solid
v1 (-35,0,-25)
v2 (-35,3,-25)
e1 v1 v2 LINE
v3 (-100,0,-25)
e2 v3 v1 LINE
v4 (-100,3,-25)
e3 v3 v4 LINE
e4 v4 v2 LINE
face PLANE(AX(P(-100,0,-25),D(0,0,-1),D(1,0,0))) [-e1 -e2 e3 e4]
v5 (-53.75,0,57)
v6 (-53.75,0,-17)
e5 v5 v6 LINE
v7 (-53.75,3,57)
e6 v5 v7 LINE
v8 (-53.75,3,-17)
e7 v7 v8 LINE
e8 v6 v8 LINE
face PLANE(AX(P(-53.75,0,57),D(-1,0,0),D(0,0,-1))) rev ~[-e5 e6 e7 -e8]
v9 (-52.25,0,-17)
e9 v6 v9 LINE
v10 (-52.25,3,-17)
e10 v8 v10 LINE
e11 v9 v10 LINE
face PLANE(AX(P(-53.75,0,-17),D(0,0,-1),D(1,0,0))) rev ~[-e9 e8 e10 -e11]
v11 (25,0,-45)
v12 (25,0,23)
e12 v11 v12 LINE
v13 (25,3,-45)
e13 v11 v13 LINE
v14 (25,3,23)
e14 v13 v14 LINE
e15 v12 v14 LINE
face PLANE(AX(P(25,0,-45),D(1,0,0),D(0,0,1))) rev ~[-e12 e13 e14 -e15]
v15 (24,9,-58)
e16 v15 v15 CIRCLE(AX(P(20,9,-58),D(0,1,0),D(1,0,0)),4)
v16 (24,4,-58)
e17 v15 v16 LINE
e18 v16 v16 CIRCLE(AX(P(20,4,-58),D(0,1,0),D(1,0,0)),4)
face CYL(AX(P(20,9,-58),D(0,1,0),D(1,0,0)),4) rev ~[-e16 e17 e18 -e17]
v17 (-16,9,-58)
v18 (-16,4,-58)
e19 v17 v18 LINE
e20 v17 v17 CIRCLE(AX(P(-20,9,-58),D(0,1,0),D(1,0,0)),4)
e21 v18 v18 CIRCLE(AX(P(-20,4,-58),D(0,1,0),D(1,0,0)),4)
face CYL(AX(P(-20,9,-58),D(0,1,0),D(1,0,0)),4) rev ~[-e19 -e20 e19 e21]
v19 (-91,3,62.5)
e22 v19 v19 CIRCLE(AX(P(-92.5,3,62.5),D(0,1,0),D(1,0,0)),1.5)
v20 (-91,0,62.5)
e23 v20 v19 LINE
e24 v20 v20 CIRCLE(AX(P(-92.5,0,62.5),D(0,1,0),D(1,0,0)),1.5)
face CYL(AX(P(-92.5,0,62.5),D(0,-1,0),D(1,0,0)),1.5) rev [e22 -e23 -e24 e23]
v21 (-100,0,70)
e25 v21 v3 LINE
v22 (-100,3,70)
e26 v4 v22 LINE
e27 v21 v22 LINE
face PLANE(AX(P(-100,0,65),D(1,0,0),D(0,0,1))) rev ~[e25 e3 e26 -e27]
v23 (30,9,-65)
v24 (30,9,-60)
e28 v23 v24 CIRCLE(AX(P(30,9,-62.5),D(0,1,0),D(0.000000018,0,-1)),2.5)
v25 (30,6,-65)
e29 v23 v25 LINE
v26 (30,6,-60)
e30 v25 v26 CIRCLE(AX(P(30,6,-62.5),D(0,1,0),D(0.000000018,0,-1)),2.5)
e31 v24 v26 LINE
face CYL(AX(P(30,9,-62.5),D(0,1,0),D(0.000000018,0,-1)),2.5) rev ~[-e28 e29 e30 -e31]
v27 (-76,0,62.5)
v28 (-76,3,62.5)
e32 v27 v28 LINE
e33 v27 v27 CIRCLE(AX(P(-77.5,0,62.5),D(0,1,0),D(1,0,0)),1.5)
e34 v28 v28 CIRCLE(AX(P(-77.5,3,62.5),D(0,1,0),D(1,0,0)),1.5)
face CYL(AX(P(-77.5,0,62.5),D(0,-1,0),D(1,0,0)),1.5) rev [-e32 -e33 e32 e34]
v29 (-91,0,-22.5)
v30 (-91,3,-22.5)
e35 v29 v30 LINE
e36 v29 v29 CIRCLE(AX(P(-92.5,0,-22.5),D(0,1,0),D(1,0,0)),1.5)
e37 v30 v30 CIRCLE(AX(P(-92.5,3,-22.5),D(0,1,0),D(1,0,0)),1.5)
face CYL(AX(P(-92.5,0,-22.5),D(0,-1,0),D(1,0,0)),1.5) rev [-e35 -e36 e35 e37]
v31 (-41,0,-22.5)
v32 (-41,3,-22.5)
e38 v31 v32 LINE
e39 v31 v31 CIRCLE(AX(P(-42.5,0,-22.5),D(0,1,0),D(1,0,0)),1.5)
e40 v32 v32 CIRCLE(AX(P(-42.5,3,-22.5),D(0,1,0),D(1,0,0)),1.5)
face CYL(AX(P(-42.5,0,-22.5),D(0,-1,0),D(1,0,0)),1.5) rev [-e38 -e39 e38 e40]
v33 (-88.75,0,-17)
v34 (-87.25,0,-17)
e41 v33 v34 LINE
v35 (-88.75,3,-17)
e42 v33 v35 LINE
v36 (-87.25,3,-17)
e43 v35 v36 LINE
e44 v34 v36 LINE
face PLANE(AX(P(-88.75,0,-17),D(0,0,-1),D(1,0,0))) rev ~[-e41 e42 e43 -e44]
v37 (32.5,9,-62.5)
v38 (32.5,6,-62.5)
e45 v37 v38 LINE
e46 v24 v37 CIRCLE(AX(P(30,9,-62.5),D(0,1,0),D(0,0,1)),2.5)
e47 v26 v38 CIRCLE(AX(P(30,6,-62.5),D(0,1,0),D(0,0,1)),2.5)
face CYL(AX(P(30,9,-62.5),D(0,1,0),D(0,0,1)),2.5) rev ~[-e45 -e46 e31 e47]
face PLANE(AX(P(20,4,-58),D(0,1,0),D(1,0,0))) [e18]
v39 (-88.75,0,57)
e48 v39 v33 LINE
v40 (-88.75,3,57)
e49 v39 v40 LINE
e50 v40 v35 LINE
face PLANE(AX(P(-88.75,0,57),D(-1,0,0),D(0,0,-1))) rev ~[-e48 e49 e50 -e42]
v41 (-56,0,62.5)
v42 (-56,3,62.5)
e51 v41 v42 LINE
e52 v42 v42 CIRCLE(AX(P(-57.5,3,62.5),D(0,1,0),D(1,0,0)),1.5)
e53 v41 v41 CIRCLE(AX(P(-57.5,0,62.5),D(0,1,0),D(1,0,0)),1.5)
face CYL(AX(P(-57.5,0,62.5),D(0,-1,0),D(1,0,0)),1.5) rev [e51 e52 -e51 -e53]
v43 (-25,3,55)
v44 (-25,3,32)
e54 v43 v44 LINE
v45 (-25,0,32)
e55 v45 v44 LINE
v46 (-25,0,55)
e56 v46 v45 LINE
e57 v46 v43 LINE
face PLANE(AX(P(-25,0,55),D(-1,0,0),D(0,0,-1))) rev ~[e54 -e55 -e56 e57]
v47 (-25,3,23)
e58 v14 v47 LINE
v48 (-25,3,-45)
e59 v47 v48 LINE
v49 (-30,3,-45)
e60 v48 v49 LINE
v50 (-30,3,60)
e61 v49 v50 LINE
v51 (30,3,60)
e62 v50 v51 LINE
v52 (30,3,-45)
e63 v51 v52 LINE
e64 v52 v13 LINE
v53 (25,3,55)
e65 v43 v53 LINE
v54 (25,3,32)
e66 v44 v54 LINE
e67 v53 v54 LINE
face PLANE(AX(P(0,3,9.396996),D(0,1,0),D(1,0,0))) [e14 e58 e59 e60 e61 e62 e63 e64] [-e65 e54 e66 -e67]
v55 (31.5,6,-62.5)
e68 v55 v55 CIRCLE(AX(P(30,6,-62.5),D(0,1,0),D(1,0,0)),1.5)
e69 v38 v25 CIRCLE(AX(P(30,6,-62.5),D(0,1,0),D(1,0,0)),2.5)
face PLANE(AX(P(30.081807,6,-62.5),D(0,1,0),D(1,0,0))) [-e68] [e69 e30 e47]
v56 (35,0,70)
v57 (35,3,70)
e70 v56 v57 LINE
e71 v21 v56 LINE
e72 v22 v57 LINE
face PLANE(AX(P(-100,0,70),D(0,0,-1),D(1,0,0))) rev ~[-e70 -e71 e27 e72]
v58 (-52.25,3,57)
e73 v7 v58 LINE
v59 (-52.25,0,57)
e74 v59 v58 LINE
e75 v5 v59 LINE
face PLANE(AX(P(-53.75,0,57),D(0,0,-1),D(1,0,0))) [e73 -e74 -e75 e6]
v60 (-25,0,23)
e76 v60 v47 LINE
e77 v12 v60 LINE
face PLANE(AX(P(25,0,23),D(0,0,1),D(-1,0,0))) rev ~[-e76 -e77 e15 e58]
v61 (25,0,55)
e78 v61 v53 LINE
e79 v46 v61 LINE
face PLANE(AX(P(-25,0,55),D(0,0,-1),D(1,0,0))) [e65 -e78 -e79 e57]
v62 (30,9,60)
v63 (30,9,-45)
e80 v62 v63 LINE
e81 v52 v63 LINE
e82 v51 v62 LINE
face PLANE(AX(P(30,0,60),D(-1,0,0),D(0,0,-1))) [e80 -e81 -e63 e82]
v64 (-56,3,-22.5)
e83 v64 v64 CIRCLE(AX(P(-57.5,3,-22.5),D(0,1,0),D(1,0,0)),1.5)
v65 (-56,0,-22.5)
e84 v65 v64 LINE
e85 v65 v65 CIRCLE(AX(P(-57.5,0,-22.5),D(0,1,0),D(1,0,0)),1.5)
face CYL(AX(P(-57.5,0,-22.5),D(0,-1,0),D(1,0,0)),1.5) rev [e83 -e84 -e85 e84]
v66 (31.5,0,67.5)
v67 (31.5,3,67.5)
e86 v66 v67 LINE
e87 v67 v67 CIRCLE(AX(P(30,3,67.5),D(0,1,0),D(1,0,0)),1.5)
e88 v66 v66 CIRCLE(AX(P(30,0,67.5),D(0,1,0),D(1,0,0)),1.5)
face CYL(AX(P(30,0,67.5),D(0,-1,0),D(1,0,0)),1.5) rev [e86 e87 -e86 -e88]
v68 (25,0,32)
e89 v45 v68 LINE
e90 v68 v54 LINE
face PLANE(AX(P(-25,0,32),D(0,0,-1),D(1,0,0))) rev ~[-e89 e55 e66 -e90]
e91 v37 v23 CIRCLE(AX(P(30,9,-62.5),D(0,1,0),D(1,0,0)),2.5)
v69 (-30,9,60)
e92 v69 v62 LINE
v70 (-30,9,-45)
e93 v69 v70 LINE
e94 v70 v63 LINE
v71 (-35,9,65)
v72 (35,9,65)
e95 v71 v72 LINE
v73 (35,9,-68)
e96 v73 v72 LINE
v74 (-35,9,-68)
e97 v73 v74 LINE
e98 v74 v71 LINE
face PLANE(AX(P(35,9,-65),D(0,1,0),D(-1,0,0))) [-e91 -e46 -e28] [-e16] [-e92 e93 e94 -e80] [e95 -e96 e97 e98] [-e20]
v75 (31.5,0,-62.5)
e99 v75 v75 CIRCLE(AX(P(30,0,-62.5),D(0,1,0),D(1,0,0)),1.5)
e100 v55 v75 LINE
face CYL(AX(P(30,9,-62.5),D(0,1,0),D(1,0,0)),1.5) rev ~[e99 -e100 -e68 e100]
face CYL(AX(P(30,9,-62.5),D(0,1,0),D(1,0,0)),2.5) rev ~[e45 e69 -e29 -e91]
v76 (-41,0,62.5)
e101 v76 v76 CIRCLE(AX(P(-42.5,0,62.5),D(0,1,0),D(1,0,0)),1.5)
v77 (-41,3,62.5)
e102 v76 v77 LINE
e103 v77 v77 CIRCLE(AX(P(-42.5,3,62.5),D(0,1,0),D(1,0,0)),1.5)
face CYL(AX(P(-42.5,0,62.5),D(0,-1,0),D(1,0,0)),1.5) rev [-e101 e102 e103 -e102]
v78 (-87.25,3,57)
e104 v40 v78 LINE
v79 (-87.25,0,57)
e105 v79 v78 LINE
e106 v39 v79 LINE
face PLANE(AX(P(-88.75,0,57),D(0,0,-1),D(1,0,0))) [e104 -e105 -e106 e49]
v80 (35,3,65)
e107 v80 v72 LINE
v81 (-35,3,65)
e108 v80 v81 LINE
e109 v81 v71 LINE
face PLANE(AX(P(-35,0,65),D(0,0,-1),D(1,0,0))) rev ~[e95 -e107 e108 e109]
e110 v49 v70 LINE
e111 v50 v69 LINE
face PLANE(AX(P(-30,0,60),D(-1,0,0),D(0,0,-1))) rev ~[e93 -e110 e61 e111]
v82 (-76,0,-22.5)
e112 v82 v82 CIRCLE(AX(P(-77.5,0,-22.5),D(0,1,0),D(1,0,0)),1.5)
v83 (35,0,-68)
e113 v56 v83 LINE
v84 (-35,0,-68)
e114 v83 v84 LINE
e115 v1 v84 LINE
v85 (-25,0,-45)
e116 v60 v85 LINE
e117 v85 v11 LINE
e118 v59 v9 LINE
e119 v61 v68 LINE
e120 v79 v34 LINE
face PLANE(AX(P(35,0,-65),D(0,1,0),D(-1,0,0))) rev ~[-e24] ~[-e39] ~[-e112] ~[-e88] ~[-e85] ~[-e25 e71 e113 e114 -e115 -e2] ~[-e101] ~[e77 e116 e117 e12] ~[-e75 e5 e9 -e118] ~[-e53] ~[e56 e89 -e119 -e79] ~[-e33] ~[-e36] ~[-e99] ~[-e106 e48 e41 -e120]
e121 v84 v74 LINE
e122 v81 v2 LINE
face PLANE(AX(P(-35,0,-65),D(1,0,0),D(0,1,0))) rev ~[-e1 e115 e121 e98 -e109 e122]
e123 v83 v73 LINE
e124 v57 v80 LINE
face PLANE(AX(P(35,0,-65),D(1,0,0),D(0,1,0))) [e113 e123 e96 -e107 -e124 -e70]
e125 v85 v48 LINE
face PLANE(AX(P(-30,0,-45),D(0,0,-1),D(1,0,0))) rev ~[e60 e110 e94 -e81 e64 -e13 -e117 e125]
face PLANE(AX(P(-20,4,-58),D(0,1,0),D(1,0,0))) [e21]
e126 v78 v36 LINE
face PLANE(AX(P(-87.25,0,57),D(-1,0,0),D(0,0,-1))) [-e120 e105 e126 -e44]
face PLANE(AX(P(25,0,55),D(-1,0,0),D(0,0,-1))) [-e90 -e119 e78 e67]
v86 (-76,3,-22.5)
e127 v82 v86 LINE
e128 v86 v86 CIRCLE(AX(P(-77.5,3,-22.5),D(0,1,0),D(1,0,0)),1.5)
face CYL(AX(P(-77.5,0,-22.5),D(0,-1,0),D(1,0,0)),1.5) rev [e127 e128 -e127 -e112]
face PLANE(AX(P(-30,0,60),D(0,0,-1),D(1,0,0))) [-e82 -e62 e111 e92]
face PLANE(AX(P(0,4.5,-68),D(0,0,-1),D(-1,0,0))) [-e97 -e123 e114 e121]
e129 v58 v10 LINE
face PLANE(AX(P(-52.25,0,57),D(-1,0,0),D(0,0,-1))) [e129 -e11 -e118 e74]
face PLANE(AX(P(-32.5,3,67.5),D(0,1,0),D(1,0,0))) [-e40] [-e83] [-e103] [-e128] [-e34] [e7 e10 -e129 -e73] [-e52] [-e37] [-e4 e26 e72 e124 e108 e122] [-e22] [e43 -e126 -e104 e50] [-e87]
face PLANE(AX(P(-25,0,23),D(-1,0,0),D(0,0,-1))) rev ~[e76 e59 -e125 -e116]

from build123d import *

# Parameters (mm, degrees)
SKETCH1_W           = 70
SKETCH1_H           = 130
SKETCH1_W_2         = 60
SKETCH1_H_2         = 105
BOSS_EXTRUDE1_DEPTH = 9
SKETCH1_3_W         = 50
SKETCH1_3_H         = 23
SKETCH1_3_W_2       = 65
SKETCH1_3_H_2       = 90
SKETCH1_3_R         = 1.5
SKETCH1_3_W_3       = 1.5
SKETCH1_3_H_3       = 74
SKETCH1_3_W_4       = 5
SKETCH1_3_H_4       = 10
BOSS_EXTRUDE2_DEPTH = 3
SKETCH2_R           = 1.5
BOSS_EXTRUDE3_DEPTH = 3
SKETCH3_R           = 4
CUT_EXTRUDE1_DEPTH  = 5
SKETCH3_3_R         = 1.5
CUT_EXTRUDE2_DEPTH  = 20
SKETCH4_W           = 70
SKETCH4_H           = 9
BOSS_EXTRUDE4_DEPTH = 3
SKETCH3_6_R         = 1.5
CUT_EXTRUDE5_DEPTH  = 3


with BuildPart() as part:
    # Sketch1 → Boss-Extrude1 (new body)
    with BuildSketch(Plane(origin=(0, 0, 0), x_dir=(1, 0, 0), z_dir=(0, 1, 0))):
        Rectangle(SKETCH1_W, SKETCH1_H)
        with Locations((0, -7.5)):
            Rectangle(SKETCH1_W_2, SKETCH1_H_2, mode=Mode.SUBTRACT)
    extrude(amount=BOSS_EXTRUDE1_DEPTH)

    # Sketch1<3> → Boss-Extrude2 (add)
    # profile 1 of 3: a face of its own
    with BuildSketch(Plane(origin=(0, 0, 0), x_dir=(1, 0, 0), z_dir=(0, 1, 0))):
        Polygon((-30, 45), (-30, -60), (30, -60), (30, 45), (25, 45), (25, -23), (-25, -23), (-25, 45), align=None)
        with Locations((0, -43.5)):
            Rectangle(SKETCH1_3_W, SKETCH1_3_H, mode=Mode.SUBTRACT)
    # profile 2 of 3: a face of its own
    with BuildSketch(Plane(origin=(0, 0, 0), x_dir=(1, 0, 0), z_dir=(0, 1, 0))):
        with Locations((-67.5, -20)):
            Rectangle(SKETCH1_3_W_2, SKETCH1_3_H_2)
        with Locations((-42.5, 22.5)):
            Circle(SKETCH1_3_R, mode=Mode.SUBTRACT)
        with Locations((-57.5, -62.5)):
            Circle(SKETCH1_3_R, mode=Mode.SUBTRACT)
        with Locations((-42.5, -62.5)):
            Circle(SKETCH1_3_R, mode=Mode.SUBTRACT)
        with Locations((-53, -20)):
            Rectangle(SKETCH1_3_W_3, SKETCH1_3_H_3, mode=Mode.SUBTRACT)
        with Locations((-57.5, 22.5)):
            Circle(SKETCH1_3_R, mode=Mode.SUBTRACT)
        with Locations((-77.5, 22.5)):
            Circle(SKETCH1_3_R, mode=Mode.SUBTRACT)
        with Locations((-92.5, -62.5)):
            Circle(SKETCH1_3_R, mode=Mode.SUBTRACT)
        with Locations((-77.5, -62.5)):
            Circle(SKETCH1_3_R, mode=Mode.SUBTRACT)
        with Locations((-88, -20)):
            Rectangle(SKETCH1_3_W_3, SKETCH1_3_H_3, mode=Mode.SUBTRACT)
        with Locations((-92.5, 22.5)):
            Circle(SKETCH1_3_R, mode=Mode.SUBTRACT)
    # profile 3 of 3: a face of its own
    with BuildSketch(Plane(origin=(0, 0, 0), x_dir=(1, 0, 0), z_dir=(0, 1, 0))):
        with Locations((27.5, 60)):
            Rectangle(SKETCH1_3_W_4, SKETCH1_3_H_4)
    extrude(amount=BOSS_EXTRUDE2_DEPTH)

    # Sketch2 → Boss-Extrude3 (add)
    with BuildSketch(Plane(origin=(0, 0, 0), x_dir=(1, 0, 0), z_dir=(0, 1, 0))):
        Polygon((35, -65), (-35, -65), (-100, -65), (-100, -70), (35, -70), align=None)
        with Locations((30, -67.5)):
            Circle(SKETCH2_R, mode=Mode.SUBTRACT)
    extrude(amount=BOSS_EXTRUDE3_DEPTH)

    # Sketch3 → Cut-Extrude1 (cut)
    with BuildSketch(Plane(origin=(0, 9, 0), x_dir=(1, 0, 0), z_dir=(0, 1, 0))):
        with Locations((-20, 58)):
            Circle(SKETCH3_R)
        with Locations((20, 58)):
            Circle(SKETCH3_R)
    extrude(amount=-CUT_EXTRUDE1_DEPTH, mode=Mode.SUBTRACT)

    # Sketch3<3> → Cut-Extrude2 (cut)
    with BuildSketch(Plane(origin=(0, 9, 0), x_dir=(1, 0, 0), z_dir=(0, 1, 0))):
        with Locations((30, 62.5)):
            Circle(SKETCH3_3_R)
    extrude(amount=-CUT_EXTRUDE2_DEPTH, mode=Mode.SUBTRACT)

    # Sketch4 → Boss-Extrude4 (add)
    with BuildSketch(Plane(origin=(0, 0, -65), x_dir=(-1, 0, 0), z_dir=(0, 0, -1))):
        with Locations((0, 4.5)):
            Rectangle(SKETCH4_W, SKETCH4_H)
    extrude(amount=BOSS_EXTRUDE4_DEPTH)

    # Sketch3<6> → Cut-Extrude5 (cut)
    with BuildSketch(Plane(origin=(0, 9, 0), x_dir=(1, 0, 0), z_dir=(0, 1, 0))):
        with BuildLine():
            ThreePointArc((32.5, 62.5), (31.767766969, 64.267766937), (30.000000046, 65))
            ThreePointArc((30.000000046, 65), (27.5, 62.500000023), (30, 60))
            ThreePointArc((30, 60), (31.767766953, 60.732233047), (32.5, 62.5))
        make_face()
        with Locations((30, 62.5)):
            Circle(SKETCH3_6_R, mode=Mode.SUBTRACT)
    extrude(amount=-CUT_EXTRUDE5_DEPTH, mode=Mode.SUBTRACT)


solid = part.part
